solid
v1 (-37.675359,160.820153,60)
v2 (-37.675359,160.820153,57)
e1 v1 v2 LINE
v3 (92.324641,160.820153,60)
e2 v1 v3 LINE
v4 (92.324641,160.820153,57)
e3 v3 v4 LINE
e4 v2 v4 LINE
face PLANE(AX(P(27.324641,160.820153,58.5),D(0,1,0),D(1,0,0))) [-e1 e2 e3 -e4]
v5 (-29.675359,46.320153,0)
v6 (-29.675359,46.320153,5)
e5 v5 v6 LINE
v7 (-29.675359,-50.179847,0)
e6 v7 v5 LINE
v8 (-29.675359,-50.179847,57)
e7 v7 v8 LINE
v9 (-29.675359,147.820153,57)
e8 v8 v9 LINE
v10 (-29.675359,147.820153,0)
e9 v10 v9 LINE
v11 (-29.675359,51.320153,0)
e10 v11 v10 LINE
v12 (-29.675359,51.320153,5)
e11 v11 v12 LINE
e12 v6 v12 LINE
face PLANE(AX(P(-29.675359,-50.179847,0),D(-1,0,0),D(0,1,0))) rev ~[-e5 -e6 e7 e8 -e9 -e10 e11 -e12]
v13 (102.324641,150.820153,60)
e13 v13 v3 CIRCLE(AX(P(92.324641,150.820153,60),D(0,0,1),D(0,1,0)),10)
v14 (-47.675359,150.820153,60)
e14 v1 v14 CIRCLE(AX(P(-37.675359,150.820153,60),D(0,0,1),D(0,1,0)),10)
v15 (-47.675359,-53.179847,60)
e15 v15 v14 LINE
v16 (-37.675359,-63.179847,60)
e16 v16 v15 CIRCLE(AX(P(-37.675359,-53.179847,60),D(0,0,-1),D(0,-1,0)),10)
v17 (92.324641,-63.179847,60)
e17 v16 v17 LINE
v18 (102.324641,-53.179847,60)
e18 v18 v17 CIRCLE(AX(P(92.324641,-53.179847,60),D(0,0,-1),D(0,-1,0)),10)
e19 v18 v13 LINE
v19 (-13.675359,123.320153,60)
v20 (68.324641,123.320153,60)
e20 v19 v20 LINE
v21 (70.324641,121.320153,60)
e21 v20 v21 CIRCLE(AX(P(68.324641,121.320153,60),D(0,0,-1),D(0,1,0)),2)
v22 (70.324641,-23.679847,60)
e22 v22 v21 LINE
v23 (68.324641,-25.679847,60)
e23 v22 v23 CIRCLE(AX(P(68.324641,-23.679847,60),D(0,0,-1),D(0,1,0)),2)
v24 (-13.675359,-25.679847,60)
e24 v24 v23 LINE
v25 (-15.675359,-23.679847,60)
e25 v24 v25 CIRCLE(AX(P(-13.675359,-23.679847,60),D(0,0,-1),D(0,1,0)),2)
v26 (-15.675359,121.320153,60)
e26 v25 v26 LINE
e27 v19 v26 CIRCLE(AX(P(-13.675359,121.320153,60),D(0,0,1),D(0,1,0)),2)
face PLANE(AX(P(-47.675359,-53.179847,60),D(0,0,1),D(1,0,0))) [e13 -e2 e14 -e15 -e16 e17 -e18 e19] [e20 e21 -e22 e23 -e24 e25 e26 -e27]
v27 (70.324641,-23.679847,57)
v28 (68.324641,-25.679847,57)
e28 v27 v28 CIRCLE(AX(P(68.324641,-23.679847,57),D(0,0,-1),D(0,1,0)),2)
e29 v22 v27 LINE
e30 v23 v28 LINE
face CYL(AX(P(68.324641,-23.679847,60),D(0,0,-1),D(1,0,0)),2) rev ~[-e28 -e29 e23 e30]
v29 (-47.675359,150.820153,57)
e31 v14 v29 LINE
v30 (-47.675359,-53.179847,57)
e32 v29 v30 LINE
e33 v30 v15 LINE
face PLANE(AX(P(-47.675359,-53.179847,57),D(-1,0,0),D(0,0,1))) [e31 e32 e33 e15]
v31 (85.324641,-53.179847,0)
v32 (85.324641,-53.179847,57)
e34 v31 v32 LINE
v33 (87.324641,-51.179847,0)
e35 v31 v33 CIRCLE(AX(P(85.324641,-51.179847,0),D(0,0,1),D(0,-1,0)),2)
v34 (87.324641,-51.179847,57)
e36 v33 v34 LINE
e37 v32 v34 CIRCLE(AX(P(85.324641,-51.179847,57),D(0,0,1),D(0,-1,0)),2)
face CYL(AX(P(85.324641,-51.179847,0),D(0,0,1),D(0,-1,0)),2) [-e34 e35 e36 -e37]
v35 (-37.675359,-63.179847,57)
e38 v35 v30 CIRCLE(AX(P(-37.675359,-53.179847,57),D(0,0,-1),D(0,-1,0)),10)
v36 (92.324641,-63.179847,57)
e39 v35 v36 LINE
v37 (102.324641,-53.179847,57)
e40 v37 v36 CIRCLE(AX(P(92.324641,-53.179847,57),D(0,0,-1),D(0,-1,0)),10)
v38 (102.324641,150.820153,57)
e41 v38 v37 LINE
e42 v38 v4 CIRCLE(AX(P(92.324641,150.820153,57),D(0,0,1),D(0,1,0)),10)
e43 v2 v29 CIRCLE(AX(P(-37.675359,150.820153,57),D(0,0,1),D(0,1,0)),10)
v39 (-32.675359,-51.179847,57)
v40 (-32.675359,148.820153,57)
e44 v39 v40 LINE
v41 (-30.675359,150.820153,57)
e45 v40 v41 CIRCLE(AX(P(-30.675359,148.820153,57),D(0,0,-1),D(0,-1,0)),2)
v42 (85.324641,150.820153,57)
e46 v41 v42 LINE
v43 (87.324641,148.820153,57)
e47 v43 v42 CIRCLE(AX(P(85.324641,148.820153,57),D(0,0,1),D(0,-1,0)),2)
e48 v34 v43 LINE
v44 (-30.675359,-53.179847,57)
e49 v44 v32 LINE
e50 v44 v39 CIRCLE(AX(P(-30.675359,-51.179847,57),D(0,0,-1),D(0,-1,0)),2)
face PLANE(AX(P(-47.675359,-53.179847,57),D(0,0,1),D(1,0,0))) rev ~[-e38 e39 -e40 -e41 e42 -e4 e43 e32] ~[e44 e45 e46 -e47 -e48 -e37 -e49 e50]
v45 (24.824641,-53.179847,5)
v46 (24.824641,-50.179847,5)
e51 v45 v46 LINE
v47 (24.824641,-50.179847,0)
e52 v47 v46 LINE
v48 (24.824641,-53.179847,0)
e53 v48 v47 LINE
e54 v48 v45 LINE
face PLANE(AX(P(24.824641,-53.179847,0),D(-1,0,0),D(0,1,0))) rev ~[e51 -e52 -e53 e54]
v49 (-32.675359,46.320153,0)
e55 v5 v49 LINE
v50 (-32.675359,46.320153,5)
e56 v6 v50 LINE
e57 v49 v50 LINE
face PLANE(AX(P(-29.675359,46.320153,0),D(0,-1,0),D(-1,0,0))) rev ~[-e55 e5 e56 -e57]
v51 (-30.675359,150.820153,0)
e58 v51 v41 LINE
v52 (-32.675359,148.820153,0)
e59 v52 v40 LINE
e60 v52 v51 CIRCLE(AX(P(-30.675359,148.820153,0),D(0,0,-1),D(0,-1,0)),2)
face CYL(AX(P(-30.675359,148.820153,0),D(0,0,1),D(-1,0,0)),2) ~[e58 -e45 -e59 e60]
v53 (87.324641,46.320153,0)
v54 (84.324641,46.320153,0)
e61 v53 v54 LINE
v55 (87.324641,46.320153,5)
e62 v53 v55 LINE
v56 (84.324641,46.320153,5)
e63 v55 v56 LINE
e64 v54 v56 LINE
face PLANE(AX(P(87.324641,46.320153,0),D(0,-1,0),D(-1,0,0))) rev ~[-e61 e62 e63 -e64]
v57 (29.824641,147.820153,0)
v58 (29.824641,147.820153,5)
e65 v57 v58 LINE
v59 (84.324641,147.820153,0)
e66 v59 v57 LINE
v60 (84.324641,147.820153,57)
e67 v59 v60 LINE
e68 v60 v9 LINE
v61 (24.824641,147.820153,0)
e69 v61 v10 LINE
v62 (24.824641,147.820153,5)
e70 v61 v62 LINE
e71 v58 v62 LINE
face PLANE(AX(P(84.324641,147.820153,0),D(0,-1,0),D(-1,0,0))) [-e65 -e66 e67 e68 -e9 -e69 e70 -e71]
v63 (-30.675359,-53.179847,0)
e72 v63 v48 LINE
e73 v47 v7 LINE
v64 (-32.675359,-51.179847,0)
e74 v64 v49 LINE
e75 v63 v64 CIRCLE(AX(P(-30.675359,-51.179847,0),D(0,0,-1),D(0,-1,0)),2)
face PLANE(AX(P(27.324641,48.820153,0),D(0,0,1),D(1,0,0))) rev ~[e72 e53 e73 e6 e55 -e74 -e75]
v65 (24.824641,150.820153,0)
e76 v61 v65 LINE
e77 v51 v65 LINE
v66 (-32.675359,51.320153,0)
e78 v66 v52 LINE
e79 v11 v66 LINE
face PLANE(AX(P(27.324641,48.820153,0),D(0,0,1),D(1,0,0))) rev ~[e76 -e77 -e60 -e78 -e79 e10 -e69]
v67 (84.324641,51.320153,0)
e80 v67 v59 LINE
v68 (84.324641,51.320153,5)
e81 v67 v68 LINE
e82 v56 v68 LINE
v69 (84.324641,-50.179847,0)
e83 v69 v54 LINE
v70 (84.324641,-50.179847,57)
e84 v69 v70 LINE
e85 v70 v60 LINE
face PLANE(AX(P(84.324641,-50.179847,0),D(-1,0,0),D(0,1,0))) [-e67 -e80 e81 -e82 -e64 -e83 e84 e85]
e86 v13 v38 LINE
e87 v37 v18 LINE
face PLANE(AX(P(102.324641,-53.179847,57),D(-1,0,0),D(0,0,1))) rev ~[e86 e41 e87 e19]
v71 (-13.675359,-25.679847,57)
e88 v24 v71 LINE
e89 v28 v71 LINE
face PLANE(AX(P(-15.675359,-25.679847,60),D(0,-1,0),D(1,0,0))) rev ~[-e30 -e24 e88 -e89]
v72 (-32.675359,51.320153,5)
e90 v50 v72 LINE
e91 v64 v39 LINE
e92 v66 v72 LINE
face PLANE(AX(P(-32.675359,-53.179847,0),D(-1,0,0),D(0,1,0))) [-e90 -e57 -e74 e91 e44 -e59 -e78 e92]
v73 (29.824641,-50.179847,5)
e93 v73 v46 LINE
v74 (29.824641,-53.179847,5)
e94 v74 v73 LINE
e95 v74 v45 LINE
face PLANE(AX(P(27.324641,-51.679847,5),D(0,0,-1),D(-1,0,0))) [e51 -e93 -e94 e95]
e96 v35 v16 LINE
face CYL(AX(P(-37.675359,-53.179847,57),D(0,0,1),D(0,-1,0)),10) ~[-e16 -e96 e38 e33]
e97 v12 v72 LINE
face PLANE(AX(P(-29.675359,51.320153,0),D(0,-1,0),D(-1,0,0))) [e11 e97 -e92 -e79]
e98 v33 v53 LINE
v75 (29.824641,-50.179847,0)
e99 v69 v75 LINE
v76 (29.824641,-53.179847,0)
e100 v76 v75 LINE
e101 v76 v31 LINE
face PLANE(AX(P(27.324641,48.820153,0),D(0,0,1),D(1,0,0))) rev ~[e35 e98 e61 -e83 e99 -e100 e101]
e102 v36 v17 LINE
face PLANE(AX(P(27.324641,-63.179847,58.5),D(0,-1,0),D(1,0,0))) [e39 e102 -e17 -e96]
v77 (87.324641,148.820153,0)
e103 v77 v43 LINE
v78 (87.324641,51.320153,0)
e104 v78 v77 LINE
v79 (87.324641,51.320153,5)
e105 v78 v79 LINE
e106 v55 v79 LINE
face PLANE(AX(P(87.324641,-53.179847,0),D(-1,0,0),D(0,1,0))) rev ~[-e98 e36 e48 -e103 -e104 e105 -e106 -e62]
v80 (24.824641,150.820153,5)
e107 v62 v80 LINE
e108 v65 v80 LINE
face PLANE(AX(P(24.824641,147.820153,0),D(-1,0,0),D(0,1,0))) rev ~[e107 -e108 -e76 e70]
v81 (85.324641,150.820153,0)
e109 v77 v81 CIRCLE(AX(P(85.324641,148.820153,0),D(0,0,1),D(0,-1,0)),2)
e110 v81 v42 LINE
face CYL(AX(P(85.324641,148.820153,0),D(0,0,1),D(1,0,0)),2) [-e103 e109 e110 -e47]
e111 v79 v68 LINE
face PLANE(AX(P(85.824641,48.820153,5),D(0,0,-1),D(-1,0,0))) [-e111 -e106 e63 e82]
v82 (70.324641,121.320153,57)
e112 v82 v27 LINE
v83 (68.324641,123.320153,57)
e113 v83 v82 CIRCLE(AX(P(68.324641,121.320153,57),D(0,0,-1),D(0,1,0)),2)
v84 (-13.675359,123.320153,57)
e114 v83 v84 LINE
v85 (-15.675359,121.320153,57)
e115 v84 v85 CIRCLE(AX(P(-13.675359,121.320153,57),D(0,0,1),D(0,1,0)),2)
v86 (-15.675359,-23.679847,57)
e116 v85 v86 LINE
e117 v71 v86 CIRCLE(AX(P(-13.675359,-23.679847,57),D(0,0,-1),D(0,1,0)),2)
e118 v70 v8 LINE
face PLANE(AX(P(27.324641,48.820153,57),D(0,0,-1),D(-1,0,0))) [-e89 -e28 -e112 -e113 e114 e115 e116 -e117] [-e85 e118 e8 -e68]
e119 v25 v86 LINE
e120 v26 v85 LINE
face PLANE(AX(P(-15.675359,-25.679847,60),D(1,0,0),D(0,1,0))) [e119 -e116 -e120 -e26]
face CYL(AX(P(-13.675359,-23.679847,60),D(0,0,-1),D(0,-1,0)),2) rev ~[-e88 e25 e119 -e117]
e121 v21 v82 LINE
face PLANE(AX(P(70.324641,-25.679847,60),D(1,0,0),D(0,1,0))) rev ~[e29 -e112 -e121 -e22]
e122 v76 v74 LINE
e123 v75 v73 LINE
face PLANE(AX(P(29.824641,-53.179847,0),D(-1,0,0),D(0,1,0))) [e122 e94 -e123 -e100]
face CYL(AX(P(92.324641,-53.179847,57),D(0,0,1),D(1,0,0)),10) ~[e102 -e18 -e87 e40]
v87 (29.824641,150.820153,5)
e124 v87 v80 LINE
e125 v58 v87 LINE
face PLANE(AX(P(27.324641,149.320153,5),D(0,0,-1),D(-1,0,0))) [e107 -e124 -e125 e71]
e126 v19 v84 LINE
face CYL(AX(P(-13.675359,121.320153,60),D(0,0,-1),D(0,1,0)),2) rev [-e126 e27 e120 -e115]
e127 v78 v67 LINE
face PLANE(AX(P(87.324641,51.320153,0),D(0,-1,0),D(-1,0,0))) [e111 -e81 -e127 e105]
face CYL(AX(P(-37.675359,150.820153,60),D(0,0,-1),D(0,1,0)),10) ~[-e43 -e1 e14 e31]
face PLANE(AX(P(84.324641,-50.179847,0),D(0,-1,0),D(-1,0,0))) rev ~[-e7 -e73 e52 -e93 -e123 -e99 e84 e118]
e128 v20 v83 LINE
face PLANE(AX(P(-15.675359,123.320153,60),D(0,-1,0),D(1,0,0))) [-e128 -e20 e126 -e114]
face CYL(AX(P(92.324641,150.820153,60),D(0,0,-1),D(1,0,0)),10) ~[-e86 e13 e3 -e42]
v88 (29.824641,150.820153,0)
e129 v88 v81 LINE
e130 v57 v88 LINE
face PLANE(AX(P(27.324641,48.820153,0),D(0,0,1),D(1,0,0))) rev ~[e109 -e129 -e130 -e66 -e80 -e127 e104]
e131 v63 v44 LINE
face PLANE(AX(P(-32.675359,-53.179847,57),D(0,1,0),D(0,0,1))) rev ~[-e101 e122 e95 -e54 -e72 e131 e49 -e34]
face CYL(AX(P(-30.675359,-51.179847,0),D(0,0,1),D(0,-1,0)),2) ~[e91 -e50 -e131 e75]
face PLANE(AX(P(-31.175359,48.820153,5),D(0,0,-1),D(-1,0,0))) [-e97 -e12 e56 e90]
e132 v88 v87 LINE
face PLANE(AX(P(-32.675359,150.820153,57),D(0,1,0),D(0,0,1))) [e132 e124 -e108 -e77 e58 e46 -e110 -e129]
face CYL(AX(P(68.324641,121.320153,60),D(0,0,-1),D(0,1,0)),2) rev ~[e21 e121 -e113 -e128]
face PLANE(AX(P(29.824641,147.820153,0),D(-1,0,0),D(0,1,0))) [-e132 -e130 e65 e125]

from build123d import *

# Parameters (mm, degrees)
ESBO_O1_W                = 120
ESBO_O1_H                = 204
RESSALTO_EXTRUS_O1_DEPTH = 60
ESBO_O2_W                = 114
ESBO_O2_H                = 198
CORTE_EXTRUS_O1_DEPTH    = 57
ESBO_O4_W                = 86
ESBO_O4_H                = 149
CORTE_EXTRUS_O2_DEPTH    = 45
ESBO_O7_W                = 3
ESBO_O7_H                = 204
RESSALTO_EXTRUS_O2_DEPTH = 15
ESBO_O12_W               = 3
ESBO_O12_H               = 204
RESSALTO_EXTRUS_O3_DEPTH = 15
ESBO_O13_W               = 150
ESBO_O13_H               = 3
RESSALTO_EXTRUS_O4_DEPTH = 10
ESBO_O14_W               = 150
ESBO_O14_H               = 3
RESSALTO_EXTRUS_O5_DEPTH = 10
FILETE1_R                = 10
ESBO_O15_W               = 3
ESBO_O15_H               = 5
ESBO_O15_W_2             = 5
ESBO_O15_H_2             = 3
CORTE_EXTRUS_O4_DEPTH    = 5
FILETE2_R                = 10
FILETE3_R                = 10
FILETE4_R                = 10
FILETE5_R                = 2
FILETE6_R                = 2
FILETE8_R                = 2


with BuildPart() as part:
    # Esboço1 → Ressalto-extrusão1 (new body)
    with BuildSketch(Plane.XY):
        with Locations((27.324641181, 48.820153307)):
            Rectangle(ESBO_O1_W, ESBO_O1_H)
    extrude(amount=RESSALTO_EXTRUS_O1_DEPTH)

    # Esboço2 → Corte-extrusão1 (cut)
    with BuildSketch(Plane(origin=(0, 0, 0), x_dir=(-1, 0, 0), z_dir=(0, 0, -1))):
        with Locations((-27.324641181, 48.820153307)):
            Rectangle(ESBO_O2_W, ESBO_O2_H)
    extrude(amount=-CORTE_EXTRUS_O1_DEPTH, mode=Mode.SUBTRACT)

    # Esboço4 → Corte-extrusão2 (cut)
    with BuildSketch(Plane.XY.offset(60)):
        with Locations((27.324641181, 48.820153307)):
            Rectangle(ESBO_O4_W, ESBO_O4_H)
    extrude(amount=-CORTE_EXTRUS_O2_DEPTH, mode=Mode.SUBTRACT)

    # Esboço7 → Ressalto-extrusão2 (add)
    with BuildSketch(Plane(origin=(87.324641181, 0, 0), x_dir=(0, 0, -1), z_dir=(1, 0, 0))):
        with Locations((-58.5, 48.820153307)):
            Rectangle(ESBO_O7_W, ESBO_O7_H)
    extrude(amount=RESSALTO_EXTRUS_O2_DEPTH)

    # Esboço12 → Ressalto-extrusão3 (add)
    with BuildSketch(Plane.ZY.offset(32.675358819)):
        with Locations((58.5, 48.820153307)):
            Rectangle(ESBO_O12_W, ESBO_O12_H)
    extrude(amount=RESSALTO_EXTRUS_O3_DEPTH)

    # Esboço13 → Ressalto-extrusão4 (add)
    with BuildSketch(Plane(origin=(0, 150.820153307, 0), x_dir=(1, 0, 0), z_dir=(0, 1, 0))):
        with Locations((27.324641181, -58.5)):
            Rectangle(ESBO_O13_W, ESBO_O13_H)
    extrude(amount=RESSALTO_EXTRUS_O4_DEPTH)

    # Esboço14 → Ressalto-extrusão5 (add)
    with BuildSketch(Plane.XZ.offset(53.179846693)):
        with Locations((27.324641181, 58.5)):
            Rectangle(ESBO_O14_W, ESBO_O14_H)
    extrude(amount=RESSALTO_EXTRUS_O5_DEPTH)

    # Filete1
    filete1_edges = [part.edges().sort_by_distance(p)[0] for p in [
        (102.324641181, 160.820153307, 58.5),
    ]]
    fillet(filete1_edges, radius=FILETE1_R)

    # Esboço15 → Corte-extrusão4 (cut)
    with BuildSketch(Plane(origin=(0, 0, 0), x_dir=(-1, 0, 0), z_dir=(0, 0, -1))):
        with Locations((31.175358819, 48.820153307)):
            Rectangle(ESBO_O15_W, ESBO_O15_H)
        with Locations((-27.324641181, 149.320153307)):
            Rectangle(ESBO_O15_W_2, ESBO_O15_H_2)
        with Locations((-27.324641181, -51.679846693)):
            Rectangle(ESBO_O15_W_2, ESBO_O15_H_2)
        with Locations((-85.824641181, 48.820153307)):
            Rectangle(ESBO_O15_W, ESBO_O15_H)
    extrude(amount=-CORTE_EXTRUS_O4_DEPTH, mode=Mode.SUBTRACT)

    # Filete2
    filete2_edges = [part.edges().sort_by_distance(p)[0] for p in [
        (-47.675358819, 160.820153307, 58.5),
    ]]
    fillet(filete2_edges, radius=FILETE2_R)

    # Filete3
    filete3_edges = [part.edges().sort_by_distance(p)[0] for p in [
        (102.324641181, -63.179846693, 58.5),
    ]]
    fillet(filete3_edges, radius=FILETE3_R)

    # Filete4
    filete4_edges = [part.edges().sort_by_distance(p)[0] for p in [
        (-47.675358819, -63.179846693, 58.5),
    ]]
    fillet(filete4_edges, radius=FILETE4_R)

    # Filete5
    filete5_edges = [part.edges().sort_by_distance(p)[0] for p in [
        (-32.675358819, -53.179846693, 28.5),
    ]]
    fillet(filete5_edges, radius=FILETE5_R)

    # Filete6
    filete6_edges = [part.edges().sort_by_distance(p)[0] for p in [
        (-32.675358819, 150.820153307, 28.5),
        (87.324641181, 150.820153307, 28.5),
        (87.324641181, -53.179846693, 28.5),
    ]]
    fillet(filete6_edges, radius=FILETE6_R)

    # Filete8
    filete8_edges = [part.edges().sort_by_distance(p)[0] for p in [
        (-15.675358819, 123.320153307, 58.5),
        (70.324641181, 123.320153307, 58.5),
        (70.324641181, -25.679846693, 58.5),
        (-15.675358819, -25.679846693, 58.5),
    ]]
    fillet(filete8_edges, radius=FILETE8_R)


solid = part.part
